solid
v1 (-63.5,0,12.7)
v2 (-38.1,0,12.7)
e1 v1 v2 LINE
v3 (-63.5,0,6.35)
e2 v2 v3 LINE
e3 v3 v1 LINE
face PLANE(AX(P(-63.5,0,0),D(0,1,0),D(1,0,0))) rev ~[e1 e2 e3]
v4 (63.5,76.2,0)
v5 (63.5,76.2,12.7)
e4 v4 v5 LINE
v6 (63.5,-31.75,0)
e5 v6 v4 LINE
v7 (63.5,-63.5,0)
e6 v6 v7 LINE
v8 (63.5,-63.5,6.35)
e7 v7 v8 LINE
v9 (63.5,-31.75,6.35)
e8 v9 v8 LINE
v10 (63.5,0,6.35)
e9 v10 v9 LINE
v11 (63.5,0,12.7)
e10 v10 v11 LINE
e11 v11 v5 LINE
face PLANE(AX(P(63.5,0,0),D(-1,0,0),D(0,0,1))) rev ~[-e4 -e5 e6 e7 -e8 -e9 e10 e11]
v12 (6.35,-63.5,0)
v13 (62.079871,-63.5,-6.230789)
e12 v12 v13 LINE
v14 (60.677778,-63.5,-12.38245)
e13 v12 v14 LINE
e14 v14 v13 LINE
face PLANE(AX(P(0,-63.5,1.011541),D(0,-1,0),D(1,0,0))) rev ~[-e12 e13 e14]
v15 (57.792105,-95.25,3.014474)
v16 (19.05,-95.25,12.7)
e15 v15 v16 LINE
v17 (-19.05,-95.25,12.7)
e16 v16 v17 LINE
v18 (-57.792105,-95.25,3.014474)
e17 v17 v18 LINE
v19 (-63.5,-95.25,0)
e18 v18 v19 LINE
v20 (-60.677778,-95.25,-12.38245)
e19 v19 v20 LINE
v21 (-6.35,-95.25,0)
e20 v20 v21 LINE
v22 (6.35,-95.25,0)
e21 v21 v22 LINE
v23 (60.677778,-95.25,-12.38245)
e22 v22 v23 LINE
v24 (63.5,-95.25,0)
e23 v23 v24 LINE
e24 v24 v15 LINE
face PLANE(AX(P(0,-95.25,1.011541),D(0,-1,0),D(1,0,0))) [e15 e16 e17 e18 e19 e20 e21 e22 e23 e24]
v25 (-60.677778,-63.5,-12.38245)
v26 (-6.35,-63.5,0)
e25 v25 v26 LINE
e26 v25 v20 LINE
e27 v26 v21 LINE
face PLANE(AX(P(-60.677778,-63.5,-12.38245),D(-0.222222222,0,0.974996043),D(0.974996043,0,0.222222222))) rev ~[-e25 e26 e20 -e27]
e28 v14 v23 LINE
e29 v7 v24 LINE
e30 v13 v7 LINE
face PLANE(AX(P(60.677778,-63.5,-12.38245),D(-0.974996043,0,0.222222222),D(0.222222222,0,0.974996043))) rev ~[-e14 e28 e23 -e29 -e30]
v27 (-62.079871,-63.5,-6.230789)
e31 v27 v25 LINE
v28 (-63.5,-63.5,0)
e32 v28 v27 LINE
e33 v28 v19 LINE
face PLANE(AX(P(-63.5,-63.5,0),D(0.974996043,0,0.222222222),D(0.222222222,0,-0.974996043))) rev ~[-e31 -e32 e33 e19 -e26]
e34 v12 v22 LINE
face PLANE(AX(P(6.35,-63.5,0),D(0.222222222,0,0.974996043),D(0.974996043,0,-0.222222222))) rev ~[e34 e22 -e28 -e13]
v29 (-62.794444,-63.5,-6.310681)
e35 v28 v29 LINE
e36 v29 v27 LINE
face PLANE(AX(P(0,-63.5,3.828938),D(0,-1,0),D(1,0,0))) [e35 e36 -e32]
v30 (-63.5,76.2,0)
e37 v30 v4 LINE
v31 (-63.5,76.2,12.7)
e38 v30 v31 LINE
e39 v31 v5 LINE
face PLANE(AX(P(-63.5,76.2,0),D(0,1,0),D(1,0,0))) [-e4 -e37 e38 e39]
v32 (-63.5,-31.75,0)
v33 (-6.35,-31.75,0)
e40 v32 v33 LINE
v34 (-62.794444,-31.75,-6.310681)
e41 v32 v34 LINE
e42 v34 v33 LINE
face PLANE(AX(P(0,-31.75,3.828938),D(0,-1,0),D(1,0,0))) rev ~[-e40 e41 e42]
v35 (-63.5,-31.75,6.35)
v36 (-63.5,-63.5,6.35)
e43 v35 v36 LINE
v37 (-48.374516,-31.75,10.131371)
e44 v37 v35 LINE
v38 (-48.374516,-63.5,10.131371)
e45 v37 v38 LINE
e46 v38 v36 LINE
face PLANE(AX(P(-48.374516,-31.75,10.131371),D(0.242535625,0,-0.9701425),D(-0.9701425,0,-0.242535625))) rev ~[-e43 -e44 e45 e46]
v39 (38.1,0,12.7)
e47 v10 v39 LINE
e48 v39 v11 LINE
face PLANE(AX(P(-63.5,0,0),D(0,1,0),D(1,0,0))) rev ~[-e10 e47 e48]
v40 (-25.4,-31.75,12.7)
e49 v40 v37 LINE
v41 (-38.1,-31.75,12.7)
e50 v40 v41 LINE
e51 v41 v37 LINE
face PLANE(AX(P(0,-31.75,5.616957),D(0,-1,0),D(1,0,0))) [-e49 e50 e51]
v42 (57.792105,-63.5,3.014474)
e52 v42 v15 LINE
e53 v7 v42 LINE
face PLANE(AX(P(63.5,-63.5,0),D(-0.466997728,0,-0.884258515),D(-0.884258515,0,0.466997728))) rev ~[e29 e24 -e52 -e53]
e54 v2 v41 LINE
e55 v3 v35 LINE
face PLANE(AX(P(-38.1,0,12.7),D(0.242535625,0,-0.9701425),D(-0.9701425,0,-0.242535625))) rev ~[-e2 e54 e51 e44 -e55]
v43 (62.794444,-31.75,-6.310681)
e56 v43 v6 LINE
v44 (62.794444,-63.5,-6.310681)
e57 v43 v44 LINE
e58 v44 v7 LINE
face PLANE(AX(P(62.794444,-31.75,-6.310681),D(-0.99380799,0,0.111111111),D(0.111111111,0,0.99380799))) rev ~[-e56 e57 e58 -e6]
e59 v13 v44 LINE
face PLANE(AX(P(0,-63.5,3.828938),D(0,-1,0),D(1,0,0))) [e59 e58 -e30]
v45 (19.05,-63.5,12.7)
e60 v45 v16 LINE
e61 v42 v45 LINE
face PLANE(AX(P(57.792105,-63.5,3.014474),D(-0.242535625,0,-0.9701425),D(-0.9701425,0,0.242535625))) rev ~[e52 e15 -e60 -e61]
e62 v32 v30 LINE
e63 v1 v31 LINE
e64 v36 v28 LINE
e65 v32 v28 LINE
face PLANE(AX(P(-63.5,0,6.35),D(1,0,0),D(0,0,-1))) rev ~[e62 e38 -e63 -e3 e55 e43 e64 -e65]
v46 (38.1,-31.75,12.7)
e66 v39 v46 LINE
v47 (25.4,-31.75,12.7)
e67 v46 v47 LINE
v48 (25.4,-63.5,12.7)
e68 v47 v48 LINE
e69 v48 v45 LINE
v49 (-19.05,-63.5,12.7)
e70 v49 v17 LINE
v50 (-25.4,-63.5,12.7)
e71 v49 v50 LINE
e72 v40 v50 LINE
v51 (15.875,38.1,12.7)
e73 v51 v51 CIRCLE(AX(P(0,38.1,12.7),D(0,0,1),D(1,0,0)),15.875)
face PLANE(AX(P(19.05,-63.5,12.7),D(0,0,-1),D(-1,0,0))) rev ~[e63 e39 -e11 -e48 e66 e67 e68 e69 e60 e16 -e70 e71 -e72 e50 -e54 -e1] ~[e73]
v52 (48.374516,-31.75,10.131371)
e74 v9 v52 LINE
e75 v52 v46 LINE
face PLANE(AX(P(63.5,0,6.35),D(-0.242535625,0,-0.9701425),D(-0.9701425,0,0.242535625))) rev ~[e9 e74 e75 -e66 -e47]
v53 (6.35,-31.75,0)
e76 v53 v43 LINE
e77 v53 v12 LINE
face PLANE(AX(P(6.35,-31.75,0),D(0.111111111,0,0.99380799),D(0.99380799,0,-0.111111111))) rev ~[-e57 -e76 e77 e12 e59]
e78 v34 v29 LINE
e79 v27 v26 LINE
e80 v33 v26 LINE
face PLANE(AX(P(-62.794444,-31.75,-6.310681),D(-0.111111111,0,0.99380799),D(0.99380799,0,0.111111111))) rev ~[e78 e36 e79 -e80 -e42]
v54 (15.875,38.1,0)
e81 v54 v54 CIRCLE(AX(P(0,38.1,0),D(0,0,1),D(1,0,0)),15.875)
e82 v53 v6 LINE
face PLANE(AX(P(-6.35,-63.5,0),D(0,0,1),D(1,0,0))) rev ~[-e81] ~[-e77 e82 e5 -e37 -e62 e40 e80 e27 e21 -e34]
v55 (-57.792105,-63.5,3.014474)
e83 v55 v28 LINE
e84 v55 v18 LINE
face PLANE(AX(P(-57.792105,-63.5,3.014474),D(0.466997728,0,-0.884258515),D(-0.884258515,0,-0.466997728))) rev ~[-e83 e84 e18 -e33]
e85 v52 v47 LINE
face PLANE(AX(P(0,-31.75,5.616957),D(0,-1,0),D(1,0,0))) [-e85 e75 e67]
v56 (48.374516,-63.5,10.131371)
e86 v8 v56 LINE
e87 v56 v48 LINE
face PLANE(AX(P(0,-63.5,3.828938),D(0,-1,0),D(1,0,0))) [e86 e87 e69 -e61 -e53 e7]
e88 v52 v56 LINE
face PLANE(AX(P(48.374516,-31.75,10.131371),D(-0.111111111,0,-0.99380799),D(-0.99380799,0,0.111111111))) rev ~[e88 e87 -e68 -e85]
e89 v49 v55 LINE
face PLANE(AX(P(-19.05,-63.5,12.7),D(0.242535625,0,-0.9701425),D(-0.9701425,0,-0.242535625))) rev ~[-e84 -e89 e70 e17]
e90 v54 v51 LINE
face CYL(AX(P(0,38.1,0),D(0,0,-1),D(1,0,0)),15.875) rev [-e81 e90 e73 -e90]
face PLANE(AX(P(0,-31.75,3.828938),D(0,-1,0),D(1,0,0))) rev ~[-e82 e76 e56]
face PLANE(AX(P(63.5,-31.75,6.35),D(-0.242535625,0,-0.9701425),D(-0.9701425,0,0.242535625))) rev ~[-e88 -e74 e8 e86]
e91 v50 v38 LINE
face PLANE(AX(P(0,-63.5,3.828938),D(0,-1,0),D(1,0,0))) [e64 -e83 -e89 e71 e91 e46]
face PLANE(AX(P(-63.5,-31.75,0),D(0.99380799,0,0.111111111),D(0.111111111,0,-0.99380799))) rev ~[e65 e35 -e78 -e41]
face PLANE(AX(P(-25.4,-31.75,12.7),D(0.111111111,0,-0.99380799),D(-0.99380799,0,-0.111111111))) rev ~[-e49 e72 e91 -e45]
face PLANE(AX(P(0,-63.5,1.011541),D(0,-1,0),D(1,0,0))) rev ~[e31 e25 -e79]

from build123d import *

# Parameters (mm, degrees)
F0_W     = 127
F0_H     = 76.2
F0_R     = 15.875
F1_DEPTH = 12.7
F3_DEPTH = 31.75
F5_START = 31.75
F5_DEPTH = 31.75
F7_START = 63.5
F7_DEPTH = 31.75


with BuildPart() as f1:
    # F0 (on Top) → F1 (new body)
    with BuildSketch(Plane.XY):
        with Locations((0, 38.1)):
            Rectangle(F0_W, F0_H)
        with Locations((0, 38.1)):
            Circle(F0_R, mode=Mode.SUBTRACT)
    extrude(amount=F1_DEPTH)

    # F2 (on Front) → F3 (join)
    with BuildSketch(Plane.XZ):
        Polygon((-6.35, 0), (0, 0), (6.35, 0), (63.5, 0), (63.5, 6.35), (38.1, 12.7), (-38.1, 12.7), (-63.5, 6.35), (-63.5, 0), align=None)
    extrude(amount=F3_DEPTH)

    # F4 (on Front) → F5 (join)
    with BuildSketch(Plane.XZ.offset(F5_START)):
        Polygon((-6.35, 0), (0, 0), (6.35, 0), (62.7944444444, -6.3106807365), (63.5, 0), (63.5, 6.35), (48.3745158286, 10.1313710429), (25.4, 12.7), (-25.4, 12.7), (-48.3745158286, 10.1313710429), (-63.5, 6.35), (-63.5, 0), (-62.7944444444, -6.3106807365), align=None)
    extrude(amount=F5_DEPTH)

    # F6 (on Front) → F7 (join)
    with BuildSketch(Plane.XZ.offset(F7_START)):
        Polygon((-6.35, 0), (0, 0), (6.35, 0), (60.6777777778, -12.3824497467), (63.5, 0), (57.7921046631, 3.0144738342), (19.05, 12.7), (-19.05, 12.7), (-57.7921046631, 3.0144738342), (-63.5, 0), (-60.6777777778, -12.3824497467), align=None)
    extrude(amount=F7_DEPTH)


solid = f1.part
